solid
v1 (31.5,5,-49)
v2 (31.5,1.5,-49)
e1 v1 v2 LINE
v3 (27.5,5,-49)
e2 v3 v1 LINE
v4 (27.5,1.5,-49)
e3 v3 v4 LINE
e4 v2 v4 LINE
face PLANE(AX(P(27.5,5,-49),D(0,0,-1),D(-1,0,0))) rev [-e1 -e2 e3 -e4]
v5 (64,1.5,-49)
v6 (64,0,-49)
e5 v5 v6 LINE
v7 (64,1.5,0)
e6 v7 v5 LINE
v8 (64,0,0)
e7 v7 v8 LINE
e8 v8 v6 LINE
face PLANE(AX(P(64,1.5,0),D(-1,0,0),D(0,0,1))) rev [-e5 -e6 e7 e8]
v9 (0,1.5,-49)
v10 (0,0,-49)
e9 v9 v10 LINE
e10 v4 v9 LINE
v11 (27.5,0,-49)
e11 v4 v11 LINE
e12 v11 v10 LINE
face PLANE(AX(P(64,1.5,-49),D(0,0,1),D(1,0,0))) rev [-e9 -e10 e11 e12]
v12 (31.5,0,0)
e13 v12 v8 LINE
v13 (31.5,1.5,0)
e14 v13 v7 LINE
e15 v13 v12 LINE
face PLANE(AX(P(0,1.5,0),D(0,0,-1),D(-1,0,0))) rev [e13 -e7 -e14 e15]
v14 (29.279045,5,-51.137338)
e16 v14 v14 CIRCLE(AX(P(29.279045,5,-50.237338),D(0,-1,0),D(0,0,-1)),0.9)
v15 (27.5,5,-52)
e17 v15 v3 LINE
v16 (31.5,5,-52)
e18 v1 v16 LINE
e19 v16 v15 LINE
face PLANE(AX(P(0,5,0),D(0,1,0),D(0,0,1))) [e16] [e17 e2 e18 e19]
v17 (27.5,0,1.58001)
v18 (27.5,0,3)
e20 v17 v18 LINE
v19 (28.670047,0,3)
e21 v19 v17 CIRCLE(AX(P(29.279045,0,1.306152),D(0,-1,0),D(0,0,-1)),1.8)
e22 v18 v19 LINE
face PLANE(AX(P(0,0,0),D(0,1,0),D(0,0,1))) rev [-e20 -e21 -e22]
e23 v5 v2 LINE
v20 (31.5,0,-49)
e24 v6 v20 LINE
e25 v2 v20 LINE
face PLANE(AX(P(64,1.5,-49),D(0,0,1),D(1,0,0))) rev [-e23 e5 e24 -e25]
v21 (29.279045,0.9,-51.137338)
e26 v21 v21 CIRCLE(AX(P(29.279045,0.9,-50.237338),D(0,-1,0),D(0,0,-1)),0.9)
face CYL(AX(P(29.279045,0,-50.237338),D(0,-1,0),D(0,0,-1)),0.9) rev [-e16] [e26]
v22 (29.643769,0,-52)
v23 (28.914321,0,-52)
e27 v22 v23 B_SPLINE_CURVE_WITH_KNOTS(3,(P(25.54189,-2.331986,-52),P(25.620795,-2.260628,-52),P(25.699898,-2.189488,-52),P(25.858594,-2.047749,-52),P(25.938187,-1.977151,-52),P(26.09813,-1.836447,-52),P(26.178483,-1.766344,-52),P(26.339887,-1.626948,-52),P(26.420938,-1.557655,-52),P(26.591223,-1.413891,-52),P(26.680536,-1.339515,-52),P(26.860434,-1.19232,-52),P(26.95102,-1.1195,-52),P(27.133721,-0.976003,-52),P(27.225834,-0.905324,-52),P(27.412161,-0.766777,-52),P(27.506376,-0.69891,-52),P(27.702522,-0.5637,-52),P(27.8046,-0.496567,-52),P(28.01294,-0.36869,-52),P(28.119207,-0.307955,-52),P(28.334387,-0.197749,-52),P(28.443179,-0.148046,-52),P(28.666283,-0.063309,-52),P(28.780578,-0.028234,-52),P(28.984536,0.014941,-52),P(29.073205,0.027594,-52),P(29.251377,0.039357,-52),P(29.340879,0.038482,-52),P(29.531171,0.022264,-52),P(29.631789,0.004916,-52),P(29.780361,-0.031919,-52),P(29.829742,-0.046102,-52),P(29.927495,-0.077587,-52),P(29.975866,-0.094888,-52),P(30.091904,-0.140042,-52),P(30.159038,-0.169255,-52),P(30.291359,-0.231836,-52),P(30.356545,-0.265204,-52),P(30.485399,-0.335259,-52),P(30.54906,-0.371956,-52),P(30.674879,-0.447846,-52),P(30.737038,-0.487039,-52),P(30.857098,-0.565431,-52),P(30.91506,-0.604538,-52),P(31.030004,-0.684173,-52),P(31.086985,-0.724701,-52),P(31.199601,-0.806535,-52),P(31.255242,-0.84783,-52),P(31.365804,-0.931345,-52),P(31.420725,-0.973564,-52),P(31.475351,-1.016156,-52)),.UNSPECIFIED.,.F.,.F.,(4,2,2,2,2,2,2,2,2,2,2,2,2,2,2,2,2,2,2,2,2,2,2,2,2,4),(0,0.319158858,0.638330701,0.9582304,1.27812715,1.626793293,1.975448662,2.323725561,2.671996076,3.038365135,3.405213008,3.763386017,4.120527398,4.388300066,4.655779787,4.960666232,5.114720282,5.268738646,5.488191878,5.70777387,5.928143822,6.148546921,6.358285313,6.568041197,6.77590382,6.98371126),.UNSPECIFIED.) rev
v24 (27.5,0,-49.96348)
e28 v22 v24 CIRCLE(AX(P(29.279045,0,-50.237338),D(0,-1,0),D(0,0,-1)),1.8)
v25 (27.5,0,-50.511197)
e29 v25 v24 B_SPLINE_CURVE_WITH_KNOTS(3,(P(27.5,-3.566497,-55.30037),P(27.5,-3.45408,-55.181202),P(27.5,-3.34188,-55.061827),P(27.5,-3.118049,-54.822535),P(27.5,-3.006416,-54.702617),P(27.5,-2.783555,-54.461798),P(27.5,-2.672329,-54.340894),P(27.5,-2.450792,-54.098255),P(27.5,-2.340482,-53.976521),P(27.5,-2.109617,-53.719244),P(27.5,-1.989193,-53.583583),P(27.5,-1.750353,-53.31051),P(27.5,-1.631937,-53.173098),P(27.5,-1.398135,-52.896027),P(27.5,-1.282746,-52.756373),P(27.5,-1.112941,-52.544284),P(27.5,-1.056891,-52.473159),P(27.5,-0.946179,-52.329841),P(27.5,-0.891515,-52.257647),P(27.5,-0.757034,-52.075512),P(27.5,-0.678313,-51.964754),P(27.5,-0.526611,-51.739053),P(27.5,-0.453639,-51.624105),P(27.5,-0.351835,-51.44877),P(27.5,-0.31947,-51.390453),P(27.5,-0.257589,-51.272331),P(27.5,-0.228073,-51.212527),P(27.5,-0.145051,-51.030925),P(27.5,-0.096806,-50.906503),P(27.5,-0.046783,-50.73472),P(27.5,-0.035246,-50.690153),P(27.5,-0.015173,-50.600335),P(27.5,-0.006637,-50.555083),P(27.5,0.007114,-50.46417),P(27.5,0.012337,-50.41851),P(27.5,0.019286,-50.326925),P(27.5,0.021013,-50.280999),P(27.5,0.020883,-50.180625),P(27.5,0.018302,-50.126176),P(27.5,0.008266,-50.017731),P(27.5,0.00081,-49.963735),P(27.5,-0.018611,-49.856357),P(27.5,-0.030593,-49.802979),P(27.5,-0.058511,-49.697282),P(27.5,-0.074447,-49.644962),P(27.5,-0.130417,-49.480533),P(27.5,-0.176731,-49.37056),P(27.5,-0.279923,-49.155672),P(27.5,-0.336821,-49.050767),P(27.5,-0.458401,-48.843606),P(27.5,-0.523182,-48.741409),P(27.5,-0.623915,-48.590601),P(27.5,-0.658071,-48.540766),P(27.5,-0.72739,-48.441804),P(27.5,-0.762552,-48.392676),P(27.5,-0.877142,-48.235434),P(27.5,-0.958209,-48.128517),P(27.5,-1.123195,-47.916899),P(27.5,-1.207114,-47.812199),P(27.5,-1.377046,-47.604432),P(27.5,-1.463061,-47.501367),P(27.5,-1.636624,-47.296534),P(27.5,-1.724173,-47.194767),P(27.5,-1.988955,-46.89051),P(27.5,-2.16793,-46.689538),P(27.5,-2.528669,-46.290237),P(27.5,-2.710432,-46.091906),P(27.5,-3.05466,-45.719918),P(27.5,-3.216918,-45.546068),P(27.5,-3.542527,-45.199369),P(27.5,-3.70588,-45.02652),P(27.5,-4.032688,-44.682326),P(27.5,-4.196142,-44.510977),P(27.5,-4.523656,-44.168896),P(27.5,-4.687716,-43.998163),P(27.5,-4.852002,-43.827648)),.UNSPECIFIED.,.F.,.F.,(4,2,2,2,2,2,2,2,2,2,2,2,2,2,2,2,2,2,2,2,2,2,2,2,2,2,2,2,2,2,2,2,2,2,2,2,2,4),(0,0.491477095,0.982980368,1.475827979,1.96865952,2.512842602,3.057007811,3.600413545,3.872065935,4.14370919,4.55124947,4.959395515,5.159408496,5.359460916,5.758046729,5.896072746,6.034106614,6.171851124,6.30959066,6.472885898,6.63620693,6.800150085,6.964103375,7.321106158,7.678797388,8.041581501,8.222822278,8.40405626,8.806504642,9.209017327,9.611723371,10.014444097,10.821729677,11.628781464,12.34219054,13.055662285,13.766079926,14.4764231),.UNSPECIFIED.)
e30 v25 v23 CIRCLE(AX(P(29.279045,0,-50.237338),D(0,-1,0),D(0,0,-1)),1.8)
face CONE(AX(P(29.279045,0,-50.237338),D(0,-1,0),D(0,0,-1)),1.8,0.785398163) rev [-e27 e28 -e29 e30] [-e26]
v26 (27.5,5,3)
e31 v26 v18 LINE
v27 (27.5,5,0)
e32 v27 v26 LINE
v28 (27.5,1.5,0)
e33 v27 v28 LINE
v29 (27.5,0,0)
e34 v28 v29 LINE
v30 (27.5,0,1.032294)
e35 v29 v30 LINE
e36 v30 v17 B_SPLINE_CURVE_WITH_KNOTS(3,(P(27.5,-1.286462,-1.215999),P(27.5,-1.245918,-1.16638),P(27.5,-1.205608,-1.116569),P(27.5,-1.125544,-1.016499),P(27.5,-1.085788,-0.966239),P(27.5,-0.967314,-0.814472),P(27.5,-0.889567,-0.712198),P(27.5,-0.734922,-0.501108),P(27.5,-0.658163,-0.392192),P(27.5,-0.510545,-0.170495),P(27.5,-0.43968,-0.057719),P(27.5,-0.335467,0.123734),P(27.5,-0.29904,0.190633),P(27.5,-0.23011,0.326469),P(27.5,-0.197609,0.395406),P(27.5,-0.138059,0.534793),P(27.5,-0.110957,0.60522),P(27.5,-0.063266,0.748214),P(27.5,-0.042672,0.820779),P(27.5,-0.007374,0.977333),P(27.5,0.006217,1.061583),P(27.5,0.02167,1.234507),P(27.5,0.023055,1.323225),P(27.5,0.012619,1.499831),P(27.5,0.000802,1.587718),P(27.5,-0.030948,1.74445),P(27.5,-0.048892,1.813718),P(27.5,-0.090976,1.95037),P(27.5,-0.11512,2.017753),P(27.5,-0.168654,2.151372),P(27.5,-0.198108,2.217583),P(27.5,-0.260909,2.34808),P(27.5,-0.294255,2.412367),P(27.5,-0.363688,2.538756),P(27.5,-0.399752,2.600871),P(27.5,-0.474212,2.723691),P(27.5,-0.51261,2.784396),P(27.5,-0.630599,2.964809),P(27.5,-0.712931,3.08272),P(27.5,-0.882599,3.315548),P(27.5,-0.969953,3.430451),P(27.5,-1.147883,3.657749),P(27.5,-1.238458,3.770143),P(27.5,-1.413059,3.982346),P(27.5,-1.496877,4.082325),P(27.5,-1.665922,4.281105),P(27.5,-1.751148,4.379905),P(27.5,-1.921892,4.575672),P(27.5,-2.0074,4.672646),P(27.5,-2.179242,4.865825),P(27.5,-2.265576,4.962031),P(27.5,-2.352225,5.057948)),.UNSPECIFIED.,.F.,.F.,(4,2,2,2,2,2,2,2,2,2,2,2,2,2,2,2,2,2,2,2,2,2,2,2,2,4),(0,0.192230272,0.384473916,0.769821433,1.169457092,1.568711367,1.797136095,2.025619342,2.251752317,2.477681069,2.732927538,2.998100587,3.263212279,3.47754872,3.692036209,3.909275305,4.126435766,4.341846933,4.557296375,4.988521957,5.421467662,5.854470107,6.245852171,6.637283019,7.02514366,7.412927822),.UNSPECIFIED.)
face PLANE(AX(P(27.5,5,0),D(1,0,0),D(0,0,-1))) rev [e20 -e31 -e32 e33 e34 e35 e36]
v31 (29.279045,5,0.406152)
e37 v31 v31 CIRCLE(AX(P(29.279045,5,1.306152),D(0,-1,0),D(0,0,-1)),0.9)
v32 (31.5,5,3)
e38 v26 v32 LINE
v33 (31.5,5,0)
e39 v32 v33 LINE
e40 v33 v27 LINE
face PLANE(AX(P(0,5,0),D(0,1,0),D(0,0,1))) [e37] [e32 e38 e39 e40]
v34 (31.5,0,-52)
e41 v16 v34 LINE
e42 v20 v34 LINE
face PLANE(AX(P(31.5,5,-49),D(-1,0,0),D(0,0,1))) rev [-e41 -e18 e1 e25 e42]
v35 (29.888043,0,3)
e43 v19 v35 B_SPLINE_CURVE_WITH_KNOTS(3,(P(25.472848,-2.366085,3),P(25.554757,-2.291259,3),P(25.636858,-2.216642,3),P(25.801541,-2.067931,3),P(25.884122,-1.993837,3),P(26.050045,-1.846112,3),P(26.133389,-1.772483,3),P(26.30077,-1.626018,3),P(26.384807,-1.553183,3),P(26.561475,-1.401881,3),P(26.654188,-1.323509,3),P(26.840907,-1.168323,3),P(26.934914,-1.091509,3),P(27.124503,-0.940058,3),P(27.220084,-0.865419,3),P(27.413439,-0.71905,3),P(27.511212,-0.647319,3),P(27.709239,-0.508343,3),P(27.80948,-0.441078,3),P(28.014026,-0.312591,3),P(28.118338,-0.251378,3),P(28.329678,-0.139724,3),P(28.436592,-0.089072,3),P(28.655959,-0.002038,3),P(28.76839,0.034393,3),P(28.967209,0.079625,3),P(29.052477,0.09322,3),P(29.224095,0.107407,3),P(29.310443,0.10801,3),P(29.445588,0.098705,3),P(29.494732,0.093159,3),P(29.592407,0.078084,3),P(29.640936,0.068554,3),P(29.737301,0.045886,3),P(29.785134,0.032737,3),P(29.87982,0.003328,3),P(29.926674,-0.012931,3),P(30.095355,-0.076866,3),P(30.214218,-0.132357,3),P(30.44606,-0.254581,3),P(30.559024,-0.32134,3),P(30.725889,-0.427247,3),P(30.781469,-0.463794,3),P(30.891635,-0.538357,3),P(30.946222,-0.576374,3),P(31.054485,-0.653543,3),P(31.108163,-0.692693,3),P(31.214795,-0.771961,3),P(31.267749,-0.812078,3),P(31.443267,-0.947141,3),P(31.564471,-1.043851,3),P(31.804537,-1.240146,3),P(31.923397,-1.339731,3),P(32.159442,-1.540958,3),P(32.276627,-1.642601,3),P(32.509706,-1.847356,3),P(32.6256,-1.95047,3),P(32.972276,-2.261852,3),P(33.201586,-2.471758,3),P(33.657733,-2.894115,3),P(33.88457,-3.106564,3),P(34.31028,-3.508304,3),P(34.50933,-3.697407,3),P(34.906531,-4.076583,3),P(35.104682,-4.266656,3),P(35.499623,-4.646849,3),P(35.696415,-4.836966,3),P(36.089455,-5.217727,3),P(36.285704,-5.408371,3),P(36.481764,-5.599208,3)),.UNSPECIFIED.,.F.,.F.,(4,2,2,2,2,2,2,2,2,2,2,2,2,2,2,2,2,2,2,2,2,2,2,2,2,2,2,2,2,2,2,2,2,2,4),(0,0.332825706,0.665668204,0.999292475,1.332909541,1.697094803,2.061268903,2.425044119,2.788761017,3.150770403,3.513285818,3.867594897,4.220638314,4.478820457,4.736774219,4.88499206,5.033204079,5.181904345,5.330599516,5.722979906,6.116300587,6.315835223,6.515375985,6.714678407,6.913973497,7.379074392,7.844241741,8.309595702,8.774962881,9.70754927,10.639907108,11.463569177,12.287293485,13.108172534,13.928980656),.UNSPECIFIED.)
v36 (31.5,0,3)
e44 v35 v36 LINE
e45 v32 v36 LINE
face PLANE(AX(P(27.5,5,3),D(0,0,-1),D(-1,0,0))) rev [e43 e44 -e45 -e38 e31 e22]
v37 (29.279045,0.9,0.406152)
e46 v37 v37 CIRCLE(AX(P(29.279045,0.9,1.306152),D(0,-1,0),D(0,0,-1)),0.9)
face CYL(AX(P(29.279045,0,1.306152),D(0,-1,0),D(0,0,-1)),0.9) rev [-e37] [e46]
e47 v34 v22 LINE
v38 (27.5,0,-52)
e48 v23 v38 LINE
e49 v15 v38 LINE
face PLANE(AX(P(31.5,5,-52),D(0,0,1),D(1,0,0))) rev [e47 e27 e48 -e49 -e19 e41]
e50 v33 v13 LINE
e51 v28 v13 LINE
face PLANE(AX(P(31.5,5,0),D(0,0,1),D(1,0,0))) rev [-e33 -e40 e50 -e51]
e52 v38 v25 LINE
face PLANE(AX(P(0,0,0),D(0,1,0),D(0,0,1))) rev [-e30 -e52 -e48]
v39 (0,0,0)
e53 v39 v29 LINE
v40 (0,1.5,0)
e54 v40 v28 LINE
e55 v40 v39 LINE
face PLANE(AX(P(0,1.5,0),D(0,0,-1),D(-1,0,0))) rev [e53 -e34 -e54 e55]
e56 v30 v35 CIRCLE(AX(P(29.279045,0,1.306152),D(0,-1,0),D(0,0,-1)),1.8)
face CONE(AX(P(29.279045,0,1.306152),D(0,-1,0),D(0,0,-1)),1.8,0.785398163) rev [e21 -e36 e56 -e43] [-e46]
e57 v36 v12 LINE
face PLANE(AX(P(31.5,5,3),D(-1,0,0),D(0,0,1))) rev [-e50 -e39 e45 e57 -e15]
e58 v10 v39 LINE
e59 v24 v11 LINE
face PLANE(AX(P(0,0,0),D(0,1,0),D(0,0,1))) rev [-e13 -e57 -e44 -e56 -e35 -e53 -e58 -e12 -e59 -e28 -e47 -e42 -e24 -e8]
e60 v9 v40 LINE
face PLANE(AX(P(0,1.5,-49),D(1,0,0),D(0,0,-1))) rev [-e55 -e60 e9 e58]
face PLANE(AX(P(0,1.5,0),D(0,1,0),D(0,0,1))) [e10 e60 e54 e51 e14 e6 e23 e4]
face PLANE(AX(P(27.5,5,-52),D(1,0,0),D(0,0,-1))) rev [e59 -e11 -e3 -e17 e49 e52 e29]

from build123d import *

# Parameters (mm, degrees)
SKETCH1_W                                            = 64
SKETCH1_H                                            = 49
BOSS_EXTRUDE1_DEPTH                                  = 1.5
SKETCH4_W                                            = 4
SKETCH4_H                                            = 3
BOSS_EXTRUDE2_DEPTH                                  = 5
CSK_FOR_M1_6_COUNTERSUNK_FLAT_HEAD_SCREW_D           = 1.8
CSK_FOR_M1_6_COUNTERSUNK_FLAT_HEAD_SCREW_CSINK_D     = 3.6
CSK_FOR_M1_6_COUNTERSUNK_FLAT_HEAD_SCREW_CSINK_ANGLE = 90


with BuildPart() as part:
    # Sketch1 → Boss-Extrude1 (new body)
    with BuildSketch(Plane(origin=(0, 0, 0), x_dir=(1, 0, 0), z_dir=(0, 1, 0))):
        with Locations((32, 24.5)):
            Rectangle(SKETCH1_W, SKETCH1_H)
    extrude(amount=BOSS_EXTRUDE1_DEPTH)

    # Sketch4 → Boss-Extrude2 (add)
    with BuildSketch(Plane(origin=(0, 0, 0), x_dir=(1, 0, 0), z_dir=(0, 1, 0))):
        with Locations((29.5, -1.5)):
            Rectangle(SKETCH4_W, SKETCH4_H)
        with Locations((29.5, 50.5)):
            Rectangle(SKETCH4_W, SKETCH4_H)
    extrude(amount=BOSS_EXTRUDE2_DEPTH)

    # CSK for M1.6 Countersunk Flat Head Screw1 (through all)
    with Locations(Plane(origin=(0, 0, 0), x_dir=(-1, 0, 0), z_dir=(0, -1, 0))):
        with Locations((-29.279045155, 50.23733833), (-29.279045155, -1.306151962)):
            CounterSinkHole(CSK_FOR_M1_6_COUNTERSUNK_FLAT_HEAD_SCREW_D / 2, CSK_FOR_M1_6_COUNTERSUNK_FLAT_HEAD_SCREW_CSINK_D / 2, counter_sink_angle=CSK_FOR_M1_6_COUNTERSUNK_FLAT_HEAD_SCREW_CSINK_ANGLE)


solid = part.part
